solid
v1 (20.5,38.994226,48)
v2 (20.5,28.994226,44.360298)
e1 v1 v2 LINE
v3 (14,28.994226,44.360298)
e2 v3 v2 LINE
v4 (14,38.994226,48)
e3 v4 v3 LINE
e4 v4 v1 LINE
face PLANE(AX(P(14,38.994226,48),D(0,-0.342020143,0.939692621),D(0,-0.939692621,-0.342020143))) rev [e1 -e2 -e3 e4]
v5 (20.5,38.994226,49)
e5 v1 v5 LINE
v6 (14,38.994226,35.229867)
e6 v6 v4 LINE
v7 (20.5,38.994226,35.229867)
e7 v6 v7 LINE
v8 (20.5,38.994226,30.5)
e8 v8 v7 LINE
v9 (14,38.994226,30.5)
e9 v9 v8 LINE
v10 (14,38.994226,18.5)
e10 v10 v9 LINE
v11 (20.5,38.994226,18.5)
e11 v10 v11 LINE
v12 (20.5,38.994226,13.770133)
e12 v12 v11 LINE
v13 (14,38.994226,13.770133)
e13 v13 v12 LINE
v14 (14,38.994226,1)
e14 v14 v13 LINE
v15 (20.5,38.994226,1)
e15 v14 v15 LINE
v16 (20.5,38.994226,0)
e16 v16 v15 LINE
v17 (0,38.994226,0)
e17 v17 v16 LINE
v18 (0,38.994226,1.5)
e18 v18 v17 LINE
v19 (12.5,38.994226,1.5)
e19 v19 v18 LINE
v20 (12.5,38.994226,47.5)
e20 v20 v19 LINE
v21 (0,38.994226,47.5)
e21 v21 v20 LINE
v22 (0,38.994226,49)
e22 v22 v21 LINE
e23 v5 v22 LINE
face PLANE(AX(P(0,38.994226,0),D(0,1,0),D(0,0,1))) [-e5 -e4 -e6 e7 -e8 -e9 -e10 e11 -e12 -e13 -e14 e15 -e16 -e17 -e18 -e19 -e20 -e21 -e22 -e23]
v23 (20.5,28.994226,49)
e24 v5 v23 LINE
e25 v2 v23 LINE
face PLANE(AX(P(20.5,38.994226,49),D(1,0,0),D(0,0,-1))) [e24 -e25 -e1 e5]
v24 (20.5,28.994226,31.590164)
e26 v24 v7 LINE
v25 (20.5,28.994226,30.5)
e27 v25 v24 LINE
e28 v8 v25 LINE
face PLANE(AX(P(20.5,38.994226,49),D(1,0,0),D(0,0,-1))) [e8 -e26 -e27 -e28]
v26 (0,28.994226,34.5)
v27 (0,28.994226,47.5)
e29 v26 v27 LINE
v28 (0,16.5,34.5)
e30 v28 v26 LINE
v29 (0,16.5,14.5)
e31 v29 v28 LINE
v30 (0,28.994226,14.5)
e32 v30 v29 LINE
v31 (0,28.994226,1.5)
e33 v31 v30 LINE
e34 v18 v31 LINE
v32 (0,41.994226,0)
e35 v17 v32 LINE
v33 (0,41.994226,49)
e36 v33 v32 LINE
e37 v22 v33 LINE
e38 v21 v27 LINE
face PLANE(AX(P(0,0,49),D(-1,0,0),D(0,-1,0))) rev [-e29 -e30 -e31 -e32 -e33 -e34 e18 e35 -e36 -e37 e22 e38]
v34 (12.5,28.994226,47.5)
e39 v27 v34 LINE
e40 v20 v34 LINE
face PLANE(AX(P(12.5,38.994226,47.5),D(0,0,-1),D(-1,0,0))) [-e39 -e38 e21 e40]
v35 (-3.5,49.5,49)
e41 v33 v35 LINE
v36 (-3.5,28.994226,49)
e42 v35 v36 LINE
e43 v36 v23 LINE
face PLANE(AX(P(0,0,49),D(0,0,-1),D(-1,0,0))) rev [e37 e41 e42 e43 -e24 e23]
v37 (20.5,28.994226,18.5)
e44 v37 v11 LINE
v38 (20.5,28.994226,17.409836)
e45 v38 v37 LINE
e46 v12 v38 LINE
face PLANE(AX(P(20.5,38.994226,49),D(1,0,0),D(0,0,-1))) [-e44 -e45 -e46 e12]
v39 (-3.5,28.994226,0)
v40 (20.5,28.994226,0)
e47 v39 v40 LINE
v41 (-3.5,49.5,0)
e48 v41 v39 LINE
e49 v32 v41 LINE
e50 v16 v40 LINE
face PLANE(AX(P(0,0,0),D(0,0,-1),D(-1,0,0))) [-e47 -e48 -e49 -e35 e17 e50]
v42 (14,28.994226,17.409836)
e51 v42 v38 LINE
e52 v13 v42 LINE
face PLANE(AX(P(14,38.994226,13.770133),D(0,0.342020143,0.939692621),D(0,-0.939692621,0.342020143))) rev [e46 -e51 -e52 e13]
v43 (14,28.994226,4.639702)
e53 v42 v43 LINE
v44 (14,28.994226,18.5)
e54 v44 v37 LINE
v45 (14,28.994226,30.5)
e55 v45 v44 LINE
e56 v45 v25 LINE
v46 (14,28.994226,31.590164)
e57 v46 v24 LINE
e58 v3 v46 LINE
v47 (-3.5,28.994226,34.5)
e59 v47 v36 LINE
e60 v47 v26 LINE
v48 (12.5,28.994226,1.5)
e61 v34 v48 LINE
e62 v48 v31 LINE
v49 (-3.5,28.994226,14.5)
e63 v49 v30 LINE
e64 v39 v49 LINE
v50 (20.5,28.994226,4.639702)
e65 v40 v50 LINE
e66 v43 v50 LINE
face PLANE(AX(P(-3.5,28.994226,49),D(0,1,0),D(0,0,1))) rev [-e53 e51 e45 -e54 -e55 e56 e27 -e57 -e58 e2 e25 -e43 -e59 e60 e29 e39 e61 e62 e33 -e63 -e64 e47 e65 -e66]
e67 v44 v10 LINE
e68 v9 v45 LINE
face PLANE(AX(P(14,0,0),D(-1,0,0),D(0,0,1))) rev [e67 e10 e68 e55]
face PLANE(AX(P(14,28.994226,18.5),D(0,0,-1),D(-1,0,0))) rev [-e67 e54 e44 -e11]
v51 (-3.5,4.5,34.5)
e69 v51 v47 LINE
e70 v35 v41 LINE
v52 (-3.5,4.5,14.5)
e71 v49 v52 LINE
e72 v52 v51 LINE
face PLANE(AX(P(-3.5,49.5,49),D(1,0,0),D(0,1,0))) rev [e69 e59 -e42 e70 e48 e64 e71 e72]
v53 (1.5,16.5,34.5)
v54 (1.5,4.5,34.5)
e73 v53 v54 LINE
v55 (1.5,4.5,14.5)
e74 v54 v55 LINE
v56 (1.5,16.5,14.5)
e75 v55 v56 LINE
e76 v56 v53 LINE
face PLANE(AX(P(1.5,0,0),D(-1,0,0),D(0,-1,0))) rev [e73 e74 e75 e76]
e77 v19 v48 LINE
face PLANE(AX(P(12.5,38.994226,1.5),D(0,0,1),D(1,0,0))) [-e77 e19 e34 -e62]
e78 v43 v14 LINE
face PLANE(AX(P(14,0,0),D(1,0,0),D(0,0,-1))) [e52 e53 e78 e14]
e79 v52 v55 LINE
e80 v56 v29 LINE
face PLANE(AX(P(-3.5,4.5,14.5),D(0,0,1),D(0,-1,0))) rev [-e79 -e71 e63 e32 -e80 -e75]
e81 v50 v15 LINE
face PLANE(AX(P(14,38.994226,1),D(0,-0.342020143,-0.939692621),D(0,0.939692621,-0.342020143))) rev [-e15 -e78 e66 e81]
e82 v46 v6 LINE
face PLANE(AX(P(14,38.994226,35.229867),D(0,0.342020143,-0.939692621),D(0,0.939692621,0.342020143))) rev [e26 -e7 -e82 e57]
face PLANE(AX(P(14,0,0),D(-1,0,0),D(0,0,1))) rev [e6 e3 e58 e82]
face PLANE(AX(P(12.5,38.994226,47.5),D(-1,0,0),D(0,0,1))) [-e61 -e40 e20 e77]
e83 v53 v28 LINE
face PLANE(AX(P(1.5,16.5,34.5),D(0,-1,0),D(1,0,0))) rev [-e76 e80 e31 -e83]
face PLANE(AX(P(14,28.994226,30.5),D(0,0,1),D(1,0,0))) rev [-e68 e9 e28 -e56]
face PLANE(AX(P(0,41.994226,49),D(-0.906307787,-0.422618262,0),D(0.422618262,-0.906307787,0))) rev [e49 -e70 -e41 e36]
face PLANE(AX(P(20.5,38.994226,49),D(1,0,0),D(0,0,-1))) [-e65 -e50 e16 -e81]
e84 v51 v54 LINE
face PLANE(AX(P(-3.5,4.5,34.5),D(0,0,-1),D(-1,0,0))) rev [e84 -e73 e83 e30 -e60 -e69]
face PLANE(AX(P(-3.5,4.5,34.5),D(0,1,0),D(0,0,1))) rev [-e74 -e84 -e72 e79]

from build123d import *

# Parameters (mm, degrees)
SALIENTE_EXTRUIR1_DEPTH = 49
CORTAR_EXTRUIR1_DEPTH   = 70.738798384
SALIENTE_EXTRUIR3_DEPTH = 10
CROQUIS8_W              = 12
CROQUIS8_H              = 10
CORTAR_EXTRUIR2_DEPTH   = 6.5
CROQUIS9_W              = 20
CROQUIS9_H              = 12
SALIENTE_EXTRUIR4_DEPTH = 1.5


with BuildPart() as part:
    # Croquis1 → Saliente-Extruir1 (new body)
    with BuildSketch(Plane.XY):
        Polygon((-3.5, 49.5), (-3.5, 0), (0, 0), (0, 41.994225778), align=None)
    extrude(amount=SALIENTE_EXTRUIR1_DEPTH)

    # Croquis2 → Cortar-Extruir1 (cut, through all)
    with BuildSketch(Plane(origin=(0, 0, 0), x_dir=(0, 0, -1), z_dir=(1, 0, 0))):
        Polygon((-49, 0), (0, 0), (0, 28.994225778), (-14.5, 28.994225778), (-14.5, 4.5), (-34.5, 4.5), (-34.5, 28.994225778), (-49, 28.994225778), align=None)
    extrude(amount=-CORTAR_EXTRUIR1_DEPTH, mode=Mode.SUBTRACT)

    # Croquis4 → Saliente-Extruir3 (add)
    with BuildSketch(Plane.XZ.offset(-28.994225778)):
        Polygon((0, 49), (20.5, 49), (20.5, 0), (0, 0), (0, 1.5), (12.5, 1.5), (12.5, 47.5), (0, 47.5), align=None)
    extrude(amount=-SALIENTE_EXTRUIR3_DEPTH)

    # Croquis8 → Cortar-Extruir2 (cut)
    with BuildSketch(Plane(origin=(20.5, 0, 0), x_dir=(0, 0, -1), z_dir=(1, 0, 0))):
        with Locations((-24.5, 33.994225778)):
            Rectangle(CROQUIS8_W, CROQUIS8_H)
        Polygon((-48, 38.994225778), (-44.360297657, 28.994225778), (-31.590164388, 28.994225778), (-35.22986673, 38.994225778), align=None)
        Polygon((-17.409835612, 28.994225778), (-4.639702343, 28.994225778), (-1, 38.994225778), (-13.77013327, 38.994225778), align=None)
    extrude(amount=-CORTAR_EXTRUIR2_DEPTH, mode=Mode.SUBTRACT)

    # Croquis9 → Saliente-Extruir4 (add)
    with BuildSketch(Plane(origin=(0, 0, 0), x_dir=(0, 0, -1), z_dir=(1, 0, 0))):
        with Locations((-24.5, 10.5)):
            Rectangle(CROQUIS9_W, CROQUIS9_H)
    extrude(amount=SALIENTE_EXTRUIR4_DEPTH)


solid = part.part
